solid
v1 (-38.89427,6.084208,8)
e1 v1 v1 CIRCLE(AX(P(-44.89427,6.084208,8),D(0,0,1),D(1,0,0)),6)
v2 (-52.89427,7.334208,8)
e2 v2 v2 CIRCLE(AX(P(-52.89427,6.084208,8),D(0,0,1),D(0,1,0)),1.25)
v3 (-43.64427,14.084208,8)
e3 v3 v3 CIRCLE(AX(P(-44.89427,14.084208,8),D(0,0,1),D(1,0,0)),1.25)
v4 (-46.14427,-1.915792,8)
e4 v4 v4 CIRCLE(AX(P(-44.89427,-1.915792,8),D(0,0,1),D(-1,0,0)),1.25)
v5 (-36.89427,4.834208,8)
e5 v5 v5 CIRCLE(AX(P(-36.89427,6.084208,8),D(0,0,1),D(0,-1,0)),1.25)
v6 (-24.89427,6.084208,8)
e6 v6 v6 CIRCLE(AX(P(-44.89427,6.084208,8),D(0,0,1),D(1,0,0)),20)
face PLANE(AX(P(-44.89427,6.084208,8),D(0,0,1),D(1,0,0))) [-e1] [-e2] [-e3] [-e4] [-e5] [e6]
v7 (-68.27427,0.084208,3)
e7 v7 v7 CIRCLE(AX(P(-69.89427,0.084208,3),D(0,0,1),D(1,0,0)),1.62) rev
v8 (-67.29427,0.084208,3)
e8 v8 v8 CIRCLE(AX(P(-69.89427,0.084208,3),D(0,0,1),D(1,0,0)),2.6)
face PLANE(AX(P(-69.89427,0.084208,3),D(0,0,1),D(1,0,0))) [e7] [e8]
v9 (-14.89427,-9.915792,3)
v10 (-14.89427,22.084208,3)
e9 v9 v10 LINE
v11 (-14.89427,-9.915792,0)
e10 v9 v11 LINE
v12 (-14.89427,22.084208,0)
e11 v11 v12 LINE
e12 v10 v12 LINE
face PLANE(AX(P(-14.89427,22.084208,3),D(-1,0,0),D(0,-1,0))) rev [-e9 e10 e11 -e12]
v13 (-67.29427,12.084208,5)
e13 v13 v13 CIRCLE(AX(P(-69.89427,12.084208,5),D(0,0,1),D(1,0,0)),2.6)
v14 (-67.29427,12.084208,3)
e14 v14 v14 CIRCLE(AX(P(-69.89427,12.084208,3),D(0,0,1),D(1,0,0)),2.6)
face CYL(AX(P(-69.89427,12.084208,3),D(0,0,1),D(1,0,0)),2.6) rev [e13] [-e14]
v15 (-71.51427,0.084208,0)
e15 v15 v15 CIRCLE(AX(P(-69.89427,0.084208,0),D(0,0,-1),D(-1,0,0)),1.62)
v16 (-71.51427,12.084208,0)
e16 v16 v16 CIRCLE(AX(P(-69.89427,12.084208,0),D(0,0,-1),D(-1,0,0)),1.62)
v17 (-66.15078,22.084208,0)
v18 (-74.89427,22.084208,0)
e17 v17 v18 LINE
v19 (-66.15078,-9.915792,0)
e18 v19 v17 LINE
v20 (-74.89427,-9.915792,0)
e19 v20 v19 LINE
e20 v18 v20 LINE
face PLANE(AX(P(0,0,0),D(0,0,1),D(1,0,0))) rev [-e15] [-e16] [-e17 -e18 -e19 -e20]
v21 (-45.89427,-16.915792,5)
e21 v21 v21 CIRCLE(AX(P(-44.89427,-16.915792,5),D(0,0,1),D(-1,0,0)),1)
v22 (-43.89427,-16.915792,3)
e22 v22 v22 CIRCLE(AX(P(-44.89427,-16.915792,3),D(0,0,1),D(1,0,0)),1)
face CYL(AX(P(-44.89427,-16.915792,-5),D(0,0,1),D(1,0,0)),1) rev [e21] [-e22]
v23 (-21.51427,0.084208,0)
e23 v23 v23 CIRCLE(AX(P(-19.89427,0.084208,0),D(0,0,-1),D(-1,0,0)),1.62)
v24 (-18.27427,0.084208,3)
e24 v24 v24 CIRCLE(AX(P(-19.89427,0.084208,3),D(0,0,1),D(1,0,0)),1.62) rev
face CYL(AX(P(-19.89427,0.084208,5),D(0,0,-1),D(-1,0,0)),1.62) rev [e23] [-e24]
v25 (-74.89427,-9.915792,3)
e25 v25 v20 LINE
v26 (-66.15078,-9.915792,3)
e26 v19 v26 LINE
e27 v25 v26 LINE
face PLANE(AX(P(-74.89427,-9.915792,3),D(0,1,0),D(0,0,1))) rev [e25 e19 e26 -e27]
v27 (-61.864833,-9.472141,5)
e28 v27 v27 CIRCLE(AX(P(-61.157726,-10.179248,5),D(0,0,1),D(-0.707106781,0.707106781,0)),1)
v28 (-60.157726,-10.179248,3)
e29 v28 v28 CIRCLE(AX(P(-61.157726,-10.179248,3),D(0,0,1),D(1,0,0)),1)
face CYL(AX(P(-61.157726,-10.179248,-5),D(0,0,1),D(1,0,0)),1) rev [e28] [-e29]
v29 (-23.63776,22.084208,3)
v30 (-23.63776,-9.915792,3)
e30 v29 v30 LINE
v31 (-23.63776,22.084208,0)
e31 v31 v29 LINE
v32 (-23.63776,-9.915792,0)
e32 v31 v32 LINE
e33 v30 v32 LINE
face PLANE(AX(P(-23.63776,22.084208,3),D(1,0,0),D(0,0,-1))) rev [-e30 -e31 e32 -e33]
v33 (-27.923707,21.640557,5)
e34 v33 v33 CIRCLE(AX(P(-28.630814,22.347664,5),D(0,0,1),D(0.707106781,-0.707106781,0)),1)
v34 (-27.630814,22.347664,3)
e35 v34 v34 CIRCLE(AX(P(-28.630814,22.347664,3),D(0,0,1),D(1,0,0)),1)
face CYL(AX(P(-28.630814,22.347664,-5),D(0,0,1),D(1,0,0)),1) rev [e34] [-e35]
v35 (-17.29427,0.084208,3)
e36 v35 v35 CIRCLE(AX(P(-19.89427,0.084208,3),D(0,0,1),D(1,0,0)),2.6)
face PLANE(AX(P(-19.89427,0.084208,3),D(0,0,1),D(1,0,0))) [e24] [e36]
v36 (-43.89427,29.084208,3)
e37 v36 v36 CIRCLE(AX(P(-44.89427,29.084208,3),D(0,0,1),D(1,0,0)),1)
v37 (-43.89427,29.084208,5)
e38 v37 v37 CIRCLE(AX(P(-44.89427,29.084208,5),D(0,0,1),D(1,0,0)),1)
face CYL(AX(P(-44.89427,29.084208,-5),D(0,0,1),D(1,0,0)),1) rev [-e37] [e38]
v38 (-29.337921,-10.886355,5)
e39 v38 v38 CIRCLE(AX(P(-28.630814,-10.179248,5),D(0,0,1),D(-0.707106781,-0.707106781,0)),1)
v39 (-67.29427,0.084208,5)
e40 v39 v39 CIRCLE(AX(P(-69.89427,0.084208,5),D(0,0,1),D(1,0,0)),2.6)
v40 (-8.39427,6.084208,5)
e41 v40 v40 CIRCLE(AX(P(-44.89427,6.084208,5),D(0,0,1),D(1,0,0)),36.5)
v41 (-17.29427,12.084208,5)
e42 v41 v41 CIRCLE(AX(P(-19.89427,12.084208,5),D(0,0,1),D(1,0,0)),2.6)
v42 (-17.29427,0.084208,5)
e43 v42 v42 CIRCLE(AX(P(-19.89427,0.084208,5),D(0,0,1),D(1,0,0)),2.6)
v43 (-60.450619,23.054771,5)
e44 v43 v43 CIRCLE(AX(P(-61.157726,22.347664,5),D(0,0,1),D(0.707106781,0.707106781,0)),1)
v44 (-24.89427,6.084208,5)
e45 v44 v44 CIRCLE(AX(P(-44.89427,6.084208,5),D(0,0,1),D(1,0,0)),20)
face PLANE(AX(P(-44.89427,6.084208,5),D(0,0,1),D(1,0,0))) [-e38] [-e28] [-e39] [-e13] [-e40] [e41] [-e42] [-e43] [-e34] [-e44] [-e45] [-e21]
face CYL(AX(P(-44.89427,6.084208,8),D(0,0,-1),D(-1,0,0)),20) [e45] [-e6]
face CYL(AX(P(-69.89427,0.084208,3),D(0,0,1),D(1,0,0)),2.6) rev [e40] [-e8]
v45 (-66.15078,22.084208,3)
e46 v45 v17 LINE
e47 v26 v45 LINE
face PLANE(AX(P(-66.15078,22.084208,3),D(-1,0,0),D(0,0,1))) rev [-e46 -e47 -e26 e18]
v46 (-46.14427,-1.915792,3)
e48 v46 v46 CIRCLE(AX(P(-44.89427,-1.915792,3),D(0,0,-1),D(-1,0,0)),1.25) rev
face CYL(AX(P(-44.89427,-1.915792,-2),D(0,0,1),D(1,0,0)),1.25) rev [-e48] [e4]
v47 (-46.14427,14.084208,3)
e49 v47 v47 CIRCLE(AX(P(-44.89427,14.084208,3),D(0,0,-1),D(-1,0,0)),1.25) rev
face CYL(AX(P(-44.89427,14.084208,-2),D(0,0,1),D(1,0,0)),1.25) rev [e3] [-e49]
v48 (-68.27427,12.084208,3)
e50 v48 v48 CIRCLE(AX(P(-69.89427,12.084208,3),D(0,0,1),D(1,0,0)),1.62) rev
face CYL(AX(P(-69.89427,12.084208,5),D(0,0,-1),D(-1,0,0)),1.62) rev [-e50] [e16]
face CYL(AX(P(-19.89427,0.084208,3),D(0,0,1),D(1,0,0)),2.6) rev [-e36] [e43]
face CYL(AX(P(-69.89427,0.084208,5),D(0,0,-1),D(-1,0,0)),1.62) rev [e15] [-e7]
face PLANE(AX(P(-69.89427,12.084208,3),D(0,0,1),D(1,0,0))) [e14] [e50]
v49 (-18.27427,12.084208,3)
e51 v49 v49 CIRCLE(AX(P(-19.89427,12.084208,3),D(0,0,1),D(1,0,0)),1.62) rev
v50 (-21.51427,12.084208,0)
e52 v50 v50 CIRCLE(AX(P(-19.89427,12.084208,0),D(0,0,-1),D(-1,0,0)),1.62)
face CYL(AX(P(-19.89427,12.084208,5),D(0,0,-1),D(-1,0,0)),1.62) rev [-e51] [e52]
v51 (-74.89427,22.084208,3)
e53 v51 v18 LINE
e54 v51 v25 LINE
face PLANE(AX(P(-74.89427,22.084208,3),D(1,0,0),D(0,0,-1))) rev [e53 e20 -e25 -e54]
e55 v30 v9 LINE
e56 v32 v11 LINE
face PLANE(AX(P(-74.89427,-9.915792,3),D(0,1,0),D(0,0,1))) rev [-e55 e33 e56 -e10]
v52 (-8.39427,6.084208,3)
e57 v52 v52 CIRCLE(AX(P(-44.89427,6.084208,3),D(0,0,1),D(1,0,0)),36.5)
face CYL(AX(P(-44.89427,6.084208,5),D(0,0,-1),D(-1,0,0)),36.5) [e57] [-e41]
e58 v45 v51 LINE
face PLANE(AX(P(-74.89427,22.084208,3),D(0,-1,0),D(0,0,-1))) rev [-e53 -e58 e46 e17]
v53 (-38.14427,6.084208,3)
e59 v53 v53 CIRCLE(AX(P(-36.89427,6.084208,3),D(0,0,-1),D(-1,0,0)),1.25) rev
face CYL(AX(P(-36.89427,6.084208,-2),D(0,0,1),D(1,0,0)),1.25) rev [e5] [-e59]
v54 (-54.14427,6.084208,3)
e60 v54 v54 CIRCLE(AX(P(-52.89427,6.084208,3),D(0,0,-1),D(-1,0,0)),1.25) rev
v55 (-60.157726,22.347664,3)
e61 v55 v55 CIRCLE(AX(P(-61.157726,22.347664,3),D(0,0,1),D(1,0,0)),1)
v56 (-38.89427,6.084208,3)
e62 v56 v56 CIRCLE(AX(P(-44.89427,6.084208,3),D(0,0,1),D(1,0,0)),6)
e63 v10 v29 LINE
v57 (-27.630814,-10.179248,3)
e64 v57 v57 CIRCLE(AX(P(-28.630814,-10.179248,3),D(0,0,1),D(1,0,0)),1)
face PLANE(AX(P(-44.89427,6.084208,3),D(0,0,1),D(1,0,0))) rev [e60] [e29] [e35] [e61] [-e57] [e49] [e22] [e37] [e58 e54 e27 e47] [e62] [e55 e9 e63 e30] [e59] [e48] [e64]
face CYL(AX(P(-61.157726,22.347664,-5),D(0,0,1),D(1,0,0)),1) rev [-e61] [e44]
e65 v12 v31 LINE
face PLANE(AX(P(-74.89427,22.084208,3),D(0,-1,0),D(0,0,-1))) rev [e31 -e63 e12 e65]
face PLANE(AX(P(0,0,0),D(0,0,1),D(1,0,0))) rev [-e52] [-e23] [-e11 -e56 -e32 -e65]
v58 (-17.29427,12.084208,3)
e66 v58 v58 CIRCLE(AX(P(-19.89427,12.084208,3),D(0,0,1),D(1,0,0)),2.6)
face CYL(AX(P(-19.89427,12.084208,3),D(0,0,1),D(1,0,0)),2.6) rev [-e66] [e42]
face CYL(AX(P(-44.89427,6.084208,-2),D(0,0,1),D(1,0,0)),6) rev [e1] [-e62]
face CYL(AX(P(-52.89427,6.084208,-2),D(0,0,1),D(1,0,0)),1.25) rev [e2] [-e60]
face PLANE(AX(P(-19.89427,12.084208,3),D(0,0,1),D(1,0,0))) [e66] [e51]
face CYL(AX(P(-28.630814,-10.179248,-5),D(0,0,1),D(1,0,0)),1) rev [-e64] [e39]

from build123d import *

# Parameters (mm, degrees)
SKETCH_1_W               = 60
SKETCH_1_H               = 32
EXTRUDE_1_DEPTH          = 3
SKETCH_3_R               = 36.5
EXTRUDE_2_DEPTH          = 2
SKETCH_4_R               = 1
CUT_EXTRUDE_2_DEPTH      = 10
PATTERN_CIRCULAR_1_COUNT = 8
SKETCH_5_R               = 5
CUT_EXTRUDE_3_DEPTH      = 3
SKETCH_6_R               = 3
EXTRUDE_3_DEPTH          = 5
SKETCH_7_R               = 1.62
CUT_EXTRUDE_4_DEPTH      = 5
SKETCH_9_R               = 2.6
CUT_EXTRUDE_5_DEPTH      = 2
SKETCH_10_R              = 20
EXTRUDE_4_DEPTH          = 3
SKETCH_11_R              = 1.25
CUT_EXTRUDE_6_DEPTH      = 10
PATTERN_CIRCULAR_2_COUNT = 4
SKETCH_12_W              = 42.513020476
SKETCH_12_H              = 32
CUT_EXTRUDE_7_DEPTH      = 3
SKETCH_13_R              = 6
CUT_EXTRUDE_8_DEPTH      = 10


with BuildPart() as part:
    # 草图1 → 凸台-拉伸1 (new body)
    with BuildSketch(Plane.XY):
        with Locations((-44.89426993, 6.0842078)):
            Rectangle(SKETCH_1_W, SKETCH_1_H)
    extrude(amount=EXTRUDE_1_DEPTH)

    # 草图3 → 凸台-拉伸2 (add)
    with BuildSketch(Plane.XY.offset(3)):
        with Locations((-44.89426993, 6.0842078)):
            Circle(SKETCH_3_R)
    extrude(amount=EXTRUDE_2_DEPTH)

    # 草图4 → 切除-拉伸2 (cut)
    with BuildSketch(Plane.XY.offset(5)):
        with Locations((-44.89426993, 29.0842078)):
            Circle(SKETCH_4_R)
    cut_extrude_2 = extrude(amount=-CUT_EXTRUDE_2_DEPTH, mode=Mode.SUBTRACT)

    # 阵列(圆周)1: 切除-拉伸2 ×8 about axis
    pattern_circular_1_axis = Axis((-44.89426993, 6.0842078, 0), (0, 0, 1))
    for i in range(1, PATTERN_CIRCULAR_1_COUNT):
        add(cut_extrude_2.rotate(pattern_circular_1_axis, i * 360 / PATTERN_CIRCULAR_1_COUNT), mode=Mode.SUBTRACT)

    # 草图5 → 切除-拉伸3 (cut)
    with BuildSketch(Plane(origin=(0, 0, 0), x_dir=(-1, 0, 0), z_dir=(0, 0, -1))):
        with Locations((28.630813963, 22.347663767)):
            Circle(SKETCH_5_R)
        with Locations((61.157725897, 22.347663767)):
            Circle(SKETCH_5_R)
        with Locations((28.630813963, -10.179248167)):
            Circle(SKETCH_5_R)
        with Locations((61.157725897, -10.179248167)):
            Circle(SKETCH_5_R)
    extrude(amount=-CUT_EXTRUDE_3_DEPTH, mode=Mode.SUBTRACT)

    # 草图6 → 凸台-拉伸3 (add)
    with BuildSketch(Plane(origin=(0, 0, 0), x_dir=(-1, 0, 0), z_dir=(0, 0, -1))):
        with Locations((21.89426993, 6.0842078)):
            Circle(SKETCH_6_R)
        with Locations((67.89426993, 6.0842078)):
            Circle(SKETCH_6_R)
    extrude(amount=-EXTRUDE_3_DEPTH)

    # 草图7 → 切除-拉伸4 (cut)
    with BuildSketch(Plane(origin=(0, 0, 0), x_dir=(-1, 0, 0), z_dir=(0, 0, -1))):
        with Locations((19.89426993, 12.0842078)):
            Circle(SKETCH_7_R)
        with Locations((19.89426993, 0.0842078)):
            Circle(SKETCH_7_R)
        with Locations((69.89426993, 12.0842078)):
            Circle(SKETCH_7_R)
        with Locations((69.89426993, 0.0842078)):
            Circle(SKETCH_7_R)
    extrude(amount=-CUT_EXTRUDE_4_DEPTH, mode=Mode.SUBTRACT)

    # 草图9 → 切除-拉伸5 (cut)
    with BuildSketch(Plane.XY.offset(5)):
        with Locations((-69.89426993, 12.0842078)):
            Circle(SKETCH_9_R)
        with Locations((-69.89426993, 0.0842078)):
            Circle(SKETCH_9_R)
        with Locations((-19.89426993, 12.0842078)):
            Circle(SKETCH_9_R)
        with Locations((-19.89426993, 0.0842078)):
            Circle(SKETCH_9_R)
    extrude(amount=-CUT_EXTRUDE_5_DEPTH, mode=Mode.SUBTRACT)

    # 草图10 → 凸台-拉伸4 (add)
    with BuildSketch(Plane.XY.offset(5)):
        with Locations((-44.89426993, 6.0842078)):
            Circle(SKETCH_10_R)
    extrude(amount=EXTRUDE_4_DEPTH)

    # 草图11 → 切除-拉伸6 (cut)
    with BuildSketch(Plane.XY.offset(8)):
        with Locations((-44.89426993, 14.0842078)):
            Circle(SKETCH_11_R)
    cut_extrude_6 = extrude(amount=-CUT_EXTRUDE_6_DEPTH, mode=Mode.SUBTRACT)

    # 阵列(圆周)2: 切除-拉伸6 ×4 about axis
    pattern_circular_2_axis = Axis((-44.89426993, 6.0842078, 0), (0, 0, 1))
    for i in range(1, PATTERN_CIRCULAR_2_COUNT):
        add(cut_extrude_6.rotate(pattern_circular_2_axis, i * 360 / PATTERN_CIRCULAR_2_COUNT), mode=Mode.SUBTRACT)

    # 草图12 → 切除-拉伸7 (cut)
    with BuildSketch(Plane(origin=(0, 0, 0), x_dir=(-1, 0, 0), z_dir=(0, 0, -1))):
        with Locations((44.89426993, 6.0842078)):
            Rectangle(SKETCH_12_W, SKETCH_12_H)
    extrude(amount=-CUT_EXTRUDE_7_DEPTH, mode=Mode.SUBTRACT)

    # 草图13 → 切除-拉伸8 (cut)
    with BuildSketch(Plane.XY.offset(8)):
        with Locations((-44.89426993, 6.0842078)):
            Circle(SKETCH_13_R)
    extrude(amount=-CUT_EXTRUDE_8_DEPTH, mode=Mode.SUBTRACT)


solid = part.part
